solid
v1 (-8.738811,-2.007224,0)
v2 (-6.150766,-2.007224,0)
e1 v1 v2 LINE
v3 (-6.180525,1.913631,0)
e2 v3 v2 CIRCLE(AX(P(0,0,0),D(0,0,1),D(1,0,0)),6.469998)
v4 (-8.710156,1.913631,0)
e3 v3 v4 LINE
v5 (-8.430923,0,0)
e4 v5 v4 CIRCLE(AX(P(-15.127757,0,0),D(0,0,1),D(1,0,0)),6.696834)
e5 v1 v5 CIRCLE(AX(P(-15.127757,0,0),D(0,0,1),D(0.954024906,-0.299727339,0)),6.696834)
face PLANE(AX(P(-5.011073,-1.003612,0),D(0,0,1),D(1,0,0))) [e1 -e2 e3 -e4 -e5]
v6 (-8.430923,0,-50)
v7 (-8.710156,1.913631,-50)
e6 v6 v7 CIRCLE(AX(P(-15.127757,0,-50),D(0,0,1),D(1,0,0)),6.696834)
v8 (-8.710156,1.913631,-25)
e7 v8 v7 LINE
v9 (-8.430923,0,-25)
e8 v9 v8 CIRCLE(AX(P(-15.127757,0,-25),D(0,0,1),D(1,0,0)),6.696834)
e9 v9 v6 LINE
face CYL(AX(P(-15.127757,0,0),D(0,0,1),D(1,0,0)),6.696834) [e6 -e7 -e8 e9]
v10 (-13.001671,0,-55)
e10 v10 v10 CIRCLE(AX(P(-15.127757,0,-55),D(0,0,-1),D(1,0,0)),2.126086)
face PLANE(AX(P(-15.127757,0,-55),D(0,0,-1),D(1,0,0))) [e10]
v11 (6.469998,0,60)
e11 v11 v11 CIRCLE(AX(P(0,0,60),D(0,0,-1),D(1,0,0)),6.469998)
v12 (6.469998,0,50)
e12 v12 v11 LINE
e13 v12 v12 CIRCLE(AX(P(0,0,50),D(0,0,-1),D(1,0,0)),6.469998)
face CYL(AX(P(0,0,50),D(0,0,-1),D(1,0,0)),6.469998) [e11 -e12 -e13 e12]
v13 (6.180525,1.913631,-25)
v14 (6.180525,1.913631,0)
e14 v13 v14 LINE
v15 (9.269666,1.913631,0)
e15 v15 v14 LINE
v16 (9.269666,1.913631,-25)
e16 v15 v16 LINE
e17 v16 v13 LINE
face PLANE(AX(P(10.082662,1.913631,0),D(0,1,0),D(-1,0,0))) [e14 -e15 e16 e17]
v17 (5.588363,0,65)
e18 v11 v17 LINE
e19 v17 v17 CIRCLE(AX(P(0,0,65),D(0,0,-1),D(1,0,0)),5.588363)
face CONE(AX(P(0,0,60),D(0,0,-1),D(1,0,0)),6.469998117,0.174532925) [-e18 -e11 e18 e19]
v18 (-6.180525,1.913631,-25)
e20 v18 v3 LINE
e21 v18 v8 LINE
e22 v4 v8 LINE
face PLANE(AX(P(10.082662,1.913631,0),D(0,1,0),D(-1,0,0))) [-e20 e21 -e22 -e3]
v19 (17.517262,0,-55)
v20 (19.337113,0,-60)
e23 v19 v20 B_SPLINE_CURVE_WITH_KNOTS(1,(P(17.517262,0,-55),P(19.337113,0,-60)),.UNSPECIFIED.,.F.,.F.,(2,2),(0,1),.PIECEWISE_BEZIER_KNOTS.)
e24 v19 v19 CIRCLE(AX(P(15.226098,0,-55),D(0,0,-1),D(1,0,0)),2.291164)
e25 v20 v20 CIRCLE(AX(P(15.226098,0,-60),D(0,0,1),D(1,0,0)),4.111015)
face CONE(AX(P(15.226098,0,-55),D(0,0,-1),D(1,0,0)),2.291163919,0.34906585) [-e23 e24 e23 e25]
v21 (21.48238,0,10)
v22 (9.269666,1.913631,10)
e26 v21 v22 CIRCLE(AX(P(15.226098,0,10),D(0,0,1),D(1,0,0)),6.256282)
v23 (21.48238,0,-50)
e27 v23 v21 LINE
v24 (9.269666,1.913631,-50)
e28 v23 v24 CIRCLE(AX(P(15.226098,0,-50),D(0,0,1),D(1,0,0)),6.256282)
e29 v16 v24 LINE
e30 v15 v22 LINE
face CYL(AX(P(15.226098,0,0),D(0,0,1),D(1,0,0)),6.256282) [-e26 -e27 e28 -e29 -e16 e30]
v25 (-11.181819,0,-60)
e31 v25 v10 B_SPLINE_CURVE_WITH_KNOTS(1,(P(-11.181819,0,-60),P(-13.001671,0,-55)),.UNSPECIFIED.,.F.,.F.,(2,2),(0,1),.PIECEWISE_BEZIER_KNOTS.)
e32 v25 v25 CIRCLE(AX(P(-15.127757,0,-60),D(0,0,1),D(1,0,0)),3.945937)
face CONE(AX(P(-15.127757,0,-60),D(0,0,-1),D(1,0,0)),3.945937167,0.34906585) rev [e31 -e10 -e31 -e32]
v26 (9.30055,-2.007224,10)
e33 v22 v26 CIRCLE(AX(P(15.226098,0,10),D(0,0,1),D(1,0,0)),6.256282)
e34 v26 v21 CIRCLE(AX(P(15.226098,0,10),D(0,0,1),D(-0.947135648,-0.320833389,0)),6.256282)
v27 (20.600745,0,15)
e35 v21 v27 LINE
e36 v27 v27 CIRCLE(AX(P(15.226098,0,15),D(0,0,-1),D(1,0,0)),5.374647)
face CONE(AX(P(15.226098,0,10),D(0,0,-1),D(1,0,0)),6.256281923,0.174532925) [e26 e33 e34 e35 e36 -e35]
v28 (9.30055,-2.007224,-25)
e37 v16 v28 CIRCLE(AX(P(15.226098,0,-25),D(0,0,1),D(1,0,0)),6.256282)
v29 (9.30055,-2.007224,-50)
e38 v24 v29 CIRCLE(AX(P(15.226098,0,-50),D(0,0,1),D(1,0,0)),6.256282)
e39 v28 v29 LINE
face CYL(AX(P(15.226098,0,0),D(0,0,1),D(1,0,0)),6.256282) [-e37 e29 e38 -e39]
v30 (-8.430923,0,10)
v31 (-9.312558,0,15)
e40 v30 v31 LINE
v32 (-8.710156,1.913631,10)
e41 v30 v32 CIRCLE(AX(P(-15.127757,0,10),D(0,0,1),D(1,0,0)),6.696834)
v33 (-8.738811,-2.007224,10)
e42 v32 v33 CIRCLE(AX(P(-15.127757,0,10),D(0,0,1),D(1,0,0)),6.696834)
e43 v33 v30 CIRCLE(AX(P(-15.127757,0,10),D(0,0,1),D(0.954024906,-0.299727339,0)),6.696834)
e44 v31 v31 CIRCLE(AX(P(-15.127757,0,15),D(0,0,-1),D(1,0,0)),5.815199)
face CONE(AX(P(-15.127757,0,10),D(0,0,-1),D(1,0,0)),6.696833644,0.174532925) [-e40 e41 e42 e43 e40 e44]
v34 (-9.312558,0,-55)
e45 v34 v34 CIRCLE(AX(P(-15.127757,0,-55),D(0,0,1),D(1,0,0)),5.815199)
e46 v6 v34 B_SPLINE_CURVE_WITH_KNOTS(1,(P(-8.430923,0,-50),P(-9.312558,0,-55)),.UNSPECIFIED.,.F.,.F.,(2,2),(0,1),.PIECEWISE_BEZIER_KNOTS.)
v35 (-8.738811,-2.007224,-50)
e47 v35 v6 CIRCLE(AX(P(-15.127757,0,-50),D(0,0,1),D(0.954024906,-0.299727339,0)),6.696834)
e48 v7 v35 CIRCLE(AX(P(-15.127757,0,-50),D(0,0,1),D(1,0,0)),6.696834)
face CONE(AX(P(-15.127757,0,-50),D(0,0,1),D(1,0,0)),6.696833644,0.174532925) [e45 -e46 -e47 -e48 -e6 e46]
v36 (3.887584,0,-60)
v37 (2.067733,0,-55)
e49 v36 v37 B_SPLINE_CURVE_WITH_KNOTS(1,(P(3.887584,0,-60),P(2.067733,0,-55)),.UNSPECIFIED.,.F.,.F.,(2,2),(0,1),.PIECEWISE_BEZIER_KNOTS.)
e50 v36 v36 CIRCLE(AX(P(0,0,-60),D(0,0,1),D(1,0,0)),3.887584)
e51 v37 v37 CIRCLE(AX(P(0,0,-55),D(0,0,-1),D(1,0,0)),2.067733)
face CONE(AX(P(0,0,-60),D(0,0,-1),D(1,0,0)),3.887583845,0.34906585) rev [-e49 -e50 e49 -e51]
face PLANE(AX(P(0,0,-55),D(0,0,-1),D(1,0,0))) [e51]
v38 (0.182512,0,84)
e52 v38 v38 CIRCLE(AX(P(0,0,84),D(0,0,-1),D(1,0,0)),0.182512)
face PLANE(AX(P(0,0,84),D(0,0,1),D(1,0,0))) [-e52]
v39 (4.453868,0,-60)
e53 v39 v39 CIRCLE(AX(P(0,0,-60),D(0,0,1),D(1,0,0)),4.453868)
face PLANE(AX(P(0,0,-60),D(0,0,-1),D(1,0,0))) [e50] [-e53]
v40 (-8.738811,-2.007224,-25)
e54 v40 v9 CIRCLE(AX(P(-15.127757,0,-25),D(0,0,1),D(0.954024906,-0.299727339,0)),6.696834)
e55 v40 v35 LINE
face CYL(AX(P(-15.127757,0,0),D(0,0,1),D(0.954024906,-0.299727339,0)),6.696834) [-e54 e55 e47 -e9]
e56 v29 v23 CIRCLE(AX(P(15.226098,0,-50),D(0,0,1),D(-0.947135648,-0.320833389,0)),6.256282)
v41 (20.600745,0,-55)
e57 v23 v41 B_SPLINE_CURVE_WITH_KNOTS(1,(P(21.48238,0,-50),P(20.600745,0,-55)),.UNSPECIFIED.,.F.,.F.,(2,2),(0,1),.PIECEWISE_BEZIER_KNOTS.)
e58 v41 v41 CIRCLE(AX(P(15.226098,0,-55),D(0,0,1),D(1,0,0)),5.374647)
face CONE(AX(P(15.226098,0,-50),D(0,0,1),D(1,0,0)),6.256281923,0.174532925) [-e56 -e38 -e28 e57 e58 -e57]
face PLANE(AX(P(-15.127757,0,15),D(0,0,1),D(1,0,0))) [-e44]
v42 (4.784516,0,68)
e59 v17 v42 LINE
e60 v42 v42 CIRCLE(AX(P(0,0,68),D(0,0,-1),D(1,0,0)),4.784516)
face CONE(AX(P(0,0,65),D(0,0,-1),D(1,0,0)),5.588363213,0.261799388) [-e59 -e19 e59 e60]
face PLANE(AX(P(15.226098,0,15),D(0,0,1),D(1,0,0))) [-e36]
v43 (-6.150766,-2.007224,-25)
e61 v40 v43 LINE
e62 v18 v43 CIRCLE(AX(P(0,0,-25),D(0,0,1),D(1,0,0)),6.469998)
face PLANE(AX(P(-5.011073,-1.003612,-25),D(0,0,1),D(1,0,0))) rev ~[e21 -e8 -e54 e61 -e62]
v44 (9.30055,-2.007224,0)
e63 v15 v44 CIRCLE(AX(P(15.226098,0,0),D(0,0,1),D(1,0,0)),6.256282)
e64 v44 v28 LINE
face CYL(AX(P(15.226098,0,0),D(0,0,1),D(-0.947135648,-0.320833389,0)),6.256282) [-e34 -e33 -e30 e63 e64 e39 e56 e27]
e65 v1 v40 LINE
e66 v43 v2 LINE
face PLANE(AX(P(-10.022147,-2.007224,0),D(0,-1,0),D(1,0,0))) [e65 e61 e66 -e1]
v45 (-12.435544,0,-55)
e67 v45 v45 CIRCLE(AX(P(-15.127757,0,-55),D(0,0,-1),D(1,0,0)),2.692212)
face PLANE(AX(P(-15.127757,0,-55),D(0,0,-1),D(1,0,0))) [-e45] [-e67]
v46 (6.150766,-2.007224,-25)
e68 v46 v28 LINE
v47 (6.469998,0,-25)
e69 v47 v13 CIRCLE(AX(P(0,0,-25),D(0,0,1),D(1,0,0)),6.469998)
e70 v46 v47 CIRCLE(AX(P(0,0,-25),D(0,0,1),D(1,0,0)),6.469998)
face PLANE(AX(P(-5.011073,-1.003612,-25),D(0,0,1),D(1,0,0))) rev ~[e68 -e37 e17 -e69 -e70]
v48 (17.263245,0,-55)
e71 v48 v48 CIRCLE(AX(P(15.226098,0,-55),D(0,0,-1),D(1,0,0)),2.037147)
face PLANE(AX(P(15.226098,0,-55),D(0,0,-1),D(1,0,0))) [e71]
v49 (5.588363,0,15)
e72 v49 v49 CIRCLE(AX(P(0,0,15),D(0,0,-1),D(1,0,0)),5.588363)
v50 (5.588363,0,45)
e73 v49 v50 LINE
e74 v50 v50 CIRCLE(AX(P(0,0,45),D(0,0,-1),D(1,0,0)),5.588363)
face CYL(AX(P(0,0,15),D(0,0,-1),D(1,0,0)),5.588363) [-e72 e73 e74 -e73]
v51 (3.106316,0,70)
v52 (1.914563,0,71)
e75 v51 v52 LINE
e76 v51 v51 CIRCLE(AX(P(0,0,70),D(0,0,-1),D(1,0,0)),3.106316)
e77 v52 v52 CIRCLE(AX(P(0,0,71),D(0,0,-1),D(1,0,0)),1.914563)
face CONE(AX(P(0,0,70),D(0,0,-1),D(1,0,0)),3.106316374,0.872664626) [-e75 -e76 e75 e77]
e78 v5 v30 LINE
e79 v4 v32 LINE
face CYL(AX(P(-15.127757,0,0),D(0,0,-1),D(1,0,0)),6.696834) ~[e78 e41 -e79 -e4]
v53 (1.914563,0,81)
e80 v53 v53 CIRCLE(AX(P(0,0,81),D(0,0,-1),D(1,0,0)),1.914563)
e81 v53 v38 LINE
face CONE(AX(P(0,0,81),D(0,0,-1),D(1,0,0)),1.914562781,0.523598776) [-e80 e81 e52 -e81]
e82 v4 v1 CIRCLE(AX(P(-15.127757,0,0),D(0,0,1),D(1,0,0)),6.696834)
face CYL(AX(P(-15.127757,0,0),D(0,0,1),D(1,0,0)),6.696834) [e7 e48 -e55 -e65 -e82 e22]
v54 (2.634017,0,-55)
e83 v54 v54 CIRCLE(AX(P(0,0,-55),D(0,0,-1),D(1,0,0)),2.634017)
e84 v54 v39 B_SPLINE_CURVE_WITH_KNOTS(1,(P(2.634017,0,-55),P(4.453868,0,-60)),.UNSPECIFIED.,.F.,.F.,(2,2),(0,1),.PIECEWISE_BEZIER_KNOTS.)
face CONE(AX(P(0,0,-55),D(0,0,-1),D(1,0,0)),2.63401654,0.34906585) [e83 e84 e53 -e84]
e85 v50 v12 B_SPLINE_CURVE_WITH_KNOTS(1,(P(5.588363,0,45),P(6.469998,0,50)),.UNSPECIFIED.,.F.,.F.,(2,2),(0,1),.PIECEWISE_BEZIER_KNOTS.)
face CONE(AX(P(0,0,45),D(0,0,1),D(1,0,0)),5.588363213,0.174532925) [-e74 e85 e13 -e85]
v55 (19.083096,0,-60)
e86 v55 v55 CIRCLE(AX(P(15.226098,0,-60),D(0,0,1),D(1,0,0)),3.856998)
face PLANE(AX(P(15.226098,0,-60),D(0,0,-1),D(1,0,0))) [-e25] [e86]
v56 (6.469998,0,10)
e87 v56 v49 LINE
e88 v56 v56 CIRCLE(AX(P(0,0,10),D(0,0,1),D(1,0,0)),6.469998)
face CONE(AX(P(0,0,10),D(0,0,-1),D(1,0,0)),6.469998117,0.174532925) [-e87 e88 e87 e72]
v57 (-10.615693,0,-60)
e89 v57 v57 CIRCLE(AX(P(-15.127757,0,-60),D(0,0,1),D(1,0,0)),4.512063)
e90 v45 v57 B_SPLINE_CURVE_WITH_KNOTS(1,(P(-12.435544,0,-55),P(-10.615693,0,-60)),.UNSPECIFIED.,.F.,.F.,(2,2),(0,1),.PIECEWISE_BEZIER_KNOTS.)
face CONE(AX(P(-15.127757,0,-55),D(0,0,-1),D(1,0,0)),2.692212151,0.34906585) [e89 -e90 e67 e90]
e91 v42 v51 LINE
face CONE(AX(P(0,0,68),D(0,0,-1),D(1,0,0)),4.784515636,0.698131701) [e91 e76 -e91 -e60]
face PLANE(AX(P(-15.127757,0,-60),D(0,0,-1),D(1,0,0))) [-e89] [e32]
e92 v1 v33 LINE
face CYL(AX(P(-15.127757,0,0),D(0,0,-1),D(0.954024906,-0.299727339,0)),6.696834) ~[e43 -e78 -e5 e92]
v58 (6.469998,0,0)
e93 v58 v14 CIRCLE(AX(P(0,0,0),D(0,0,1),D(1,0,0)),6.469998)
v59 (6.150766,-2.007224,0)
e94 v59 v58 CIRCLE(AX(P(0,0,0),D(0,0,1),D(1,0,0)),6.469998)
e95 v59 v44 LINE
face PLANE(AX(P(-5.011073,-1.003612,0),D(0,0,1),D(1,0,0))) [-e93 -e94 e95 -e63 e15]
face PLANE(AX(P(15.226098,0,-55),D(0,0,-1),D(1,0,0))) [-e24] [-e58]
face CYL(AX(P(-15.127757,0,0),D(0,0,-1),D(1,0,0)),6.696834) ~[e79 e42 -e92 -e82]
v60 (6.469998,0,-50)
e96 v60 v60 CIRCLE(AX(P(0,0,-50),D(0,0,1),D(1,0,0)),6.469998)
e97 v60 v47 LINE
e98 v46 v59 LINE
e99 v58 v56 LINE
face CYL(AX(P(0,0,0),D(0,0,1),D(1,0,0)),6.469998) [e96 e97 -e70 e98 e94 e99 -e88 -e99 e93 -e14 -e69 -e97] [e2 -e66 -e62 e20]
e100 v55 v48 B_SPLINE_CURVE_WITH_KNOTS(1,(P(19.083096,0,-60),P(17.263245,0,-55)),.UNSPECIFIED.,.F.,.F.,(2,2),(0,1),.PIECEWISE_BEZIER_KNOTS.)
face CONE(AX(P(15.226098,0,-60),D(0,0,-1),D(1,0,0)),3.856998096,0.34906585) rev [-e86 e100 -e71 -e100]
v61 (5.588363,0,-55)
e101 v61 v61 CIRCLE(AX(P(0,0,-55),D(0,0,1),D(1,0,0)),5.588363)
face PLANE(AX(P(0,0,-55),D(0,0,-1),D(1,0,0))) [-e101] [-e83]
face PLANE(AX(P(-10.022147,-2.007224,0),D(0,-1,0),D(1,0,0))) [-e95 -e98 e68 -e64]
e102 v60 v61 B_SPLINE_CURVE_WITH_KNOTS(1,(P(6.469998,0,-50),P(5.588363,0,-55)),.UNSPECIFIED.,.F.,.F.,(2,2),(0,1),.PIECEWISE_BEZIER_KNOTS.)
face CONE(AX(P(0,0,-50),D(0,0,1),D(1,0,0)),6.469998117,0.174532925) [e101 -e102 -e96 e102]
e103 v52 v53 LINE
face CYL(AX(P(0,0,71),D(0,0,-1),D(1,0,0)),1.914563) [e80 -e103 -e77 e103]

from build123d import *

# Parameters (mm, degrees)
F0_R           = 6.4699981168
F1_DEPTH       = 10
F1_DEPTH_BACK  = 50
F1_FACE_R      = 6.4699981168
F2_DEPTH       = 5
F2_TAPER       = 10
F1_FACE1_R     = 6.4699981168
F3_DEPTH       = 5
F3_TAPER       = 10
F4_R           = 2.6340165395
F5_DEPTH       = 5
F5_TAPER       = -20
F6_R           = 3.8875838451
F7_DEPTH       = 5
F7_TAPER       = 20
F8_W           = 10.0221466273
F8_H           = 2.0072241314
F8_H_2         = 1.9136306364
F8_W_2         = 10.0826621056
F9_DEPTH       = 25
F10_R          = 6.2562819227
F11_DEPTH      = 10
F11_DEPTH_BACK = 50
F11_FACE_R     = 6.2562819227
F12_DEPTH      = 5
F12_TAPER      = 10
F11_FACE1_R    = 6.2562819227
F13_DEPTH      = 5
F13_TAPER      = 10
F14_R          = 2.2911639189
F15_DEPTH      = 5
F15_TAPER      = -20
F16_R          = 3.8569980959
F17_DEPTH      = 5
F17_TAPER      = 20
F18_R          = 6.6968336437
F19_DEPTH      = 10
F19_DEPTH_BACK = 50
F19_FACE_R     = 6.6968336437
F20_DEPTH      = 5
F20_TAPER      = 10
F19_FACE1_R    = 6.6968336437
F21_DEPTH      = 5
F21_TAPER      = 10
F22_R          = 2.6922121505
F23_DEPTH      = 5
F23_TAPER      = -20
F24_R          = 3.9459371666
F25_DEPTH      = 5
F25_TAPER      = 20
F26_DEPTH      = 30
F26_FACE_R     = 5.5883632132
F27_DEPTH      = 5
F27_TAPER      = -10
F28_DEPTH      = 10
F28_FACE_R     = 6.4699981168
F29_DEPTH      = 5
F29_TAPER      = 10
F29_FACE_R     = 5.5883632132
F30_DEPTH      = 3
F30_TAPER      = 15
F30_FACE_R     = 4.7845156359
F31_DEPTH      = 2
F31_TAPER      = 40
F31_FACE_R     = 3.1063163736
F32_DEPTH      = 1
F32_TAPER      = 50
F33_DEPTH      = 10
F33_FACE_R     = 1.914562781
F34_DEPTH      = 3
F34_TAPER      = 30


with BuildPart() as f1:
    # F0 (on Top) → F1 (new body, two sides)
    with BuildSketch(Plane.XY) as f1_sk:
        Circle(F0_R)
    extrude(amount=F1_DEPTH)
    extrude(f1_sk.sketch, amount=-F1_DEPTH_BACK)

    # F1_face (on face) → F2 (join)
    with BuildSketch(Plane.XY.offset(10)):
        Circle(F1_FACE_R)
    extrude(amount=F2_DEPTH, taper=F2_TAPER)

    # F1_face1 (on face) → F3 (join)
    with BuildSketch(Plane(origin=(0, 0, -50), x_dir=(1, 0, 0), z_dir=(0, 0, -1))):
        Circle(F1_FACE1_R)
    extrude(amount=F3_DEPTH, taper=F3_TAPER)

    # F4 (on face) → F5 (join)
    with BuildSketch(Plane(origin=(0, 0, -55), x_dir=(1, 0, 0), z_dir=(0, 0, -1))):
        Circle(F4_R)
    extrude(amount=F5_DEPTH, taper=F5_TAPER)

    # F6 (on face) → F7 (cut)
    with BuildSketch(Plane(origin=(0, 0, -60), x_dir=(1, 0, 0), z_dir=(0, 0, -1))):
        Circle(F6_R)
    extrude(amount=-F7_DEPTH, taper=F7_TAPER, mode=Mode.SUBTRACT)

    # F8 (on Top) → F9 (join)
    with BuildSketch(Plane.XY):
        with Locations((-5.0110733137, -1.0036120657)):
            Rectangle(F8_W, F8_H)
        with Locations((-5.0110733137, 0.9568153182)):
            Rectangle(F8_W, F8_H_2)
        with Locations((5.0413310528, 0.9568153182)):
            Rectangle(F8_W_2, F8_H_2)
        with Locations((5.0413310528, -1.0036120657)):
            Rectangle(F8_W_2, F8_H)
    extrude(amount=-F9_DEPTH)

    # F10 (on face) → F11 (join, two sides)
    with BuildSketch(Plane.XY) as f11_sk:
        with BuildLine():
            ThreePointArc((9.3005501419, -2.0072241314), (16.2432425413, -6.1730446317), (21.4823797001, 0))
            ThreePointArc((21.4823797001, 0), (16.1945878695, 6.1808648616), (9.269665852, 1.9136306364))
            Line((9.269665852, 1.9136306364), (10.0826621056, 1.9136306364))
            Line((10.0826621056, 1.9136306364), (10.0826621056, -2.0072241314))
            Line((10.0826621056, -2.0072241314), (9.3005501419, -2.0072241314))
        make_face()
        with Locations((15.2260977775, 0)):
            Circle(F10_R)
    extrude(amount=F11_DEPTH)
    extrude(f11_sk.sketch, amount=-F11_DEPTH_BACK)

    # F11_face (on face) → F12 (join)
    with BuildSketch(Plane(origin=(15.2260977775, 0, 10), x_dir=(1, 0, 0), z_dir=(0, 0, 1))):
        Circle(F11_FACE_R)
    extrude(amount=F12_DEPTH, taper=F12_TAPER)

    # F11_face1 (on face) → F13 (join)
    with BuildSketch(Plane(origin=(15.2260977775, 0, -50), x_dir=(1, 0, 0), z_dir=(0, 0, -1))):
        Circle(F11_FACE1_R)
    extrude(amount=F13_DEPTH, taper=F13_TAPER)

    # F14 (on face) → F15 (join)
    with BuildSketch(Plane(origin=(0, 0, -55), x_dir=(1, 0, 0), z_dir=(0, 0, -1))):
        with Locations((15.2260977775, 0)):
            Circle(F14_R)
    extrude(amount=F15_DEPTH, taper=F15_TAPER)

    # F16 (on face) → F17 (cut)
    with BuildSketch(Plane(origin=(0, 0, -60), x_dir=(1, 0, 0), z_dir=(0, 0, -1))):
        with Locations((15.2260977775, 0)):
            Circle(F16_R)
    extrude(amount=-F17_DEPTH, taper=F17_TAPER, mode=Mode.SUBTRACT)

    # F18 (on face) → F19 (join, two sides)
    with BuildSketch(Plane.XY) as f19_sk:
        with BuildLine():
            ThreePointArc((-8.7388105431, -2.0072241314), (-8.5083423849, -1.0153501193), (-8.4309229892, 0))
            ThreePointArc((-8.4309229892, 0), (-8.5010989129, 0.9669479373), (-8.7101559411, 1.9136306364))
            Line((-8.7101559411, 1.9136306364), (-10.0221466273, 1.9136306364))
            Line((-10.0221466273, 1.9136306364), (-10.0221466273, -2.0072241314))
            Line((-10.0221466273, -2.0072241314), (-8.7388105431, -2.0072241314))
        make_face()
        with Locations((-15.1277566329, 0)):
            Circle(F18_R)
    extrude(amount=F19_DEPTH)
    extrude(f19_sk.sketch, amount=-F19_DEPTH_BACK)

    # F19_face (on face) → F20 (join)
    with BuildSketch(Plane(origin=(-15.1277566329, 0, 10), x_dir=(1, 0, 0), z_dir=(0, 0, 1))):
        Circle(F19_FACE_R)
    extrude(amount=F20_DEPTH, taper=F20_TAPER)

    # F19_face1 (on face) → F21 (join)
    with BuildSketch(Plane(origin=(-15.1277566329, 0, -50), x_dir=(1, 0, 0), z_dir=(0, 0, -1))):
        Circle(F19_FACE1_R)
    extrude(amount=F21_DEPTH, taper=F21_TAPER)

    # F22 (on face) → F23 (join)
    with BuildSketch(Plane(origin=(0, 0, -55), x_dir=(1, 0, 0), z_dir=(0, 0, -1))):
        with Locations((-15.1277566329, 0)):
            Circle(F22_R)
    extrude(amount=F23_DEPTH, taper=F23_TAPER)

    # F24 (on face) → F25 (cut)
    with BuildSketch(Plane(origin=(0, 0, -60), x_dir=(1, 0, 0), z_dir=(0, 0, -1))):
        with Locations((-15.1277566329, 0)):
            Circle(F24_R)
    extrude(amount=-F25_DEPTH, taper=F25_TAPER, mode=Mode.SUBTRACT)

    # F26 (add): a face of the model
    f26_faces = [f1.faces().sort_by_distance(p)[0] for p in [
        (0, 0, 15),
    ]]
    extrude(f26_faces, amount=F26_DEPTH)

    # F26_face (on face) → F27 (join)
    with BuildSketch(Plane.XY.offset(45)):
        Circle(F26_FACE_R)
    extrude(amount=F27_DEPTH, taper=F27_TAPER)

    # F28 (add): a face of the model
    f28_faces = [f1.faces().sort_by_distance(p)[0] for p in [
        (0, 0, 50),
    ]]
    extrude(f28_faces, amount=F28_DEPTH)

    # F28_face (on face) → F29 (join)
    with BuildSketch(Plane.XY.offset(60)):
        Circle(F28_FACE_R)
    extrude(amount=F29_DEPTH, taper=F29_TAPER)

    # F29_face (on face) → F30 (join)
    with BuildSketch(Plane.XY.offset(65)):
        Circle(F29_FACE_R)
    extrude(amount=F30_DEPTH, taper=F30_TAPER)

    # F30_face (on face) → F31 (join)
    with BuildSketch(Plane.XY.offset(68)):
        Circle(F30_FACE_R)
    extrude(amount=F31_DEPTH, taper=F31_TAPER)

    # F31_face (on face) → F32 (join)
    with BuildSketch(Plane.XY.offset(70)):
        Circle(F31_FACE_R)
    extrude(amount=F32_DEPTH, taper=F32_TAPER)

    # F33 (add): a face of the model
    f33_faces = [f1.faces().sort_by_distance(p)[0] for p in [
        (0, 0, 71),
    ]]
    extrude(f33_faces, amount=F33_DEPTH)

    # F33_face (on face) → F34 (join)
    with BuildSketch(Plane.XY.offset(81)):
        Circle(F33_FACE_R)
    extrude(amount=F34_DEPTH, taper=F34_TAPER)


solid = f1.part
